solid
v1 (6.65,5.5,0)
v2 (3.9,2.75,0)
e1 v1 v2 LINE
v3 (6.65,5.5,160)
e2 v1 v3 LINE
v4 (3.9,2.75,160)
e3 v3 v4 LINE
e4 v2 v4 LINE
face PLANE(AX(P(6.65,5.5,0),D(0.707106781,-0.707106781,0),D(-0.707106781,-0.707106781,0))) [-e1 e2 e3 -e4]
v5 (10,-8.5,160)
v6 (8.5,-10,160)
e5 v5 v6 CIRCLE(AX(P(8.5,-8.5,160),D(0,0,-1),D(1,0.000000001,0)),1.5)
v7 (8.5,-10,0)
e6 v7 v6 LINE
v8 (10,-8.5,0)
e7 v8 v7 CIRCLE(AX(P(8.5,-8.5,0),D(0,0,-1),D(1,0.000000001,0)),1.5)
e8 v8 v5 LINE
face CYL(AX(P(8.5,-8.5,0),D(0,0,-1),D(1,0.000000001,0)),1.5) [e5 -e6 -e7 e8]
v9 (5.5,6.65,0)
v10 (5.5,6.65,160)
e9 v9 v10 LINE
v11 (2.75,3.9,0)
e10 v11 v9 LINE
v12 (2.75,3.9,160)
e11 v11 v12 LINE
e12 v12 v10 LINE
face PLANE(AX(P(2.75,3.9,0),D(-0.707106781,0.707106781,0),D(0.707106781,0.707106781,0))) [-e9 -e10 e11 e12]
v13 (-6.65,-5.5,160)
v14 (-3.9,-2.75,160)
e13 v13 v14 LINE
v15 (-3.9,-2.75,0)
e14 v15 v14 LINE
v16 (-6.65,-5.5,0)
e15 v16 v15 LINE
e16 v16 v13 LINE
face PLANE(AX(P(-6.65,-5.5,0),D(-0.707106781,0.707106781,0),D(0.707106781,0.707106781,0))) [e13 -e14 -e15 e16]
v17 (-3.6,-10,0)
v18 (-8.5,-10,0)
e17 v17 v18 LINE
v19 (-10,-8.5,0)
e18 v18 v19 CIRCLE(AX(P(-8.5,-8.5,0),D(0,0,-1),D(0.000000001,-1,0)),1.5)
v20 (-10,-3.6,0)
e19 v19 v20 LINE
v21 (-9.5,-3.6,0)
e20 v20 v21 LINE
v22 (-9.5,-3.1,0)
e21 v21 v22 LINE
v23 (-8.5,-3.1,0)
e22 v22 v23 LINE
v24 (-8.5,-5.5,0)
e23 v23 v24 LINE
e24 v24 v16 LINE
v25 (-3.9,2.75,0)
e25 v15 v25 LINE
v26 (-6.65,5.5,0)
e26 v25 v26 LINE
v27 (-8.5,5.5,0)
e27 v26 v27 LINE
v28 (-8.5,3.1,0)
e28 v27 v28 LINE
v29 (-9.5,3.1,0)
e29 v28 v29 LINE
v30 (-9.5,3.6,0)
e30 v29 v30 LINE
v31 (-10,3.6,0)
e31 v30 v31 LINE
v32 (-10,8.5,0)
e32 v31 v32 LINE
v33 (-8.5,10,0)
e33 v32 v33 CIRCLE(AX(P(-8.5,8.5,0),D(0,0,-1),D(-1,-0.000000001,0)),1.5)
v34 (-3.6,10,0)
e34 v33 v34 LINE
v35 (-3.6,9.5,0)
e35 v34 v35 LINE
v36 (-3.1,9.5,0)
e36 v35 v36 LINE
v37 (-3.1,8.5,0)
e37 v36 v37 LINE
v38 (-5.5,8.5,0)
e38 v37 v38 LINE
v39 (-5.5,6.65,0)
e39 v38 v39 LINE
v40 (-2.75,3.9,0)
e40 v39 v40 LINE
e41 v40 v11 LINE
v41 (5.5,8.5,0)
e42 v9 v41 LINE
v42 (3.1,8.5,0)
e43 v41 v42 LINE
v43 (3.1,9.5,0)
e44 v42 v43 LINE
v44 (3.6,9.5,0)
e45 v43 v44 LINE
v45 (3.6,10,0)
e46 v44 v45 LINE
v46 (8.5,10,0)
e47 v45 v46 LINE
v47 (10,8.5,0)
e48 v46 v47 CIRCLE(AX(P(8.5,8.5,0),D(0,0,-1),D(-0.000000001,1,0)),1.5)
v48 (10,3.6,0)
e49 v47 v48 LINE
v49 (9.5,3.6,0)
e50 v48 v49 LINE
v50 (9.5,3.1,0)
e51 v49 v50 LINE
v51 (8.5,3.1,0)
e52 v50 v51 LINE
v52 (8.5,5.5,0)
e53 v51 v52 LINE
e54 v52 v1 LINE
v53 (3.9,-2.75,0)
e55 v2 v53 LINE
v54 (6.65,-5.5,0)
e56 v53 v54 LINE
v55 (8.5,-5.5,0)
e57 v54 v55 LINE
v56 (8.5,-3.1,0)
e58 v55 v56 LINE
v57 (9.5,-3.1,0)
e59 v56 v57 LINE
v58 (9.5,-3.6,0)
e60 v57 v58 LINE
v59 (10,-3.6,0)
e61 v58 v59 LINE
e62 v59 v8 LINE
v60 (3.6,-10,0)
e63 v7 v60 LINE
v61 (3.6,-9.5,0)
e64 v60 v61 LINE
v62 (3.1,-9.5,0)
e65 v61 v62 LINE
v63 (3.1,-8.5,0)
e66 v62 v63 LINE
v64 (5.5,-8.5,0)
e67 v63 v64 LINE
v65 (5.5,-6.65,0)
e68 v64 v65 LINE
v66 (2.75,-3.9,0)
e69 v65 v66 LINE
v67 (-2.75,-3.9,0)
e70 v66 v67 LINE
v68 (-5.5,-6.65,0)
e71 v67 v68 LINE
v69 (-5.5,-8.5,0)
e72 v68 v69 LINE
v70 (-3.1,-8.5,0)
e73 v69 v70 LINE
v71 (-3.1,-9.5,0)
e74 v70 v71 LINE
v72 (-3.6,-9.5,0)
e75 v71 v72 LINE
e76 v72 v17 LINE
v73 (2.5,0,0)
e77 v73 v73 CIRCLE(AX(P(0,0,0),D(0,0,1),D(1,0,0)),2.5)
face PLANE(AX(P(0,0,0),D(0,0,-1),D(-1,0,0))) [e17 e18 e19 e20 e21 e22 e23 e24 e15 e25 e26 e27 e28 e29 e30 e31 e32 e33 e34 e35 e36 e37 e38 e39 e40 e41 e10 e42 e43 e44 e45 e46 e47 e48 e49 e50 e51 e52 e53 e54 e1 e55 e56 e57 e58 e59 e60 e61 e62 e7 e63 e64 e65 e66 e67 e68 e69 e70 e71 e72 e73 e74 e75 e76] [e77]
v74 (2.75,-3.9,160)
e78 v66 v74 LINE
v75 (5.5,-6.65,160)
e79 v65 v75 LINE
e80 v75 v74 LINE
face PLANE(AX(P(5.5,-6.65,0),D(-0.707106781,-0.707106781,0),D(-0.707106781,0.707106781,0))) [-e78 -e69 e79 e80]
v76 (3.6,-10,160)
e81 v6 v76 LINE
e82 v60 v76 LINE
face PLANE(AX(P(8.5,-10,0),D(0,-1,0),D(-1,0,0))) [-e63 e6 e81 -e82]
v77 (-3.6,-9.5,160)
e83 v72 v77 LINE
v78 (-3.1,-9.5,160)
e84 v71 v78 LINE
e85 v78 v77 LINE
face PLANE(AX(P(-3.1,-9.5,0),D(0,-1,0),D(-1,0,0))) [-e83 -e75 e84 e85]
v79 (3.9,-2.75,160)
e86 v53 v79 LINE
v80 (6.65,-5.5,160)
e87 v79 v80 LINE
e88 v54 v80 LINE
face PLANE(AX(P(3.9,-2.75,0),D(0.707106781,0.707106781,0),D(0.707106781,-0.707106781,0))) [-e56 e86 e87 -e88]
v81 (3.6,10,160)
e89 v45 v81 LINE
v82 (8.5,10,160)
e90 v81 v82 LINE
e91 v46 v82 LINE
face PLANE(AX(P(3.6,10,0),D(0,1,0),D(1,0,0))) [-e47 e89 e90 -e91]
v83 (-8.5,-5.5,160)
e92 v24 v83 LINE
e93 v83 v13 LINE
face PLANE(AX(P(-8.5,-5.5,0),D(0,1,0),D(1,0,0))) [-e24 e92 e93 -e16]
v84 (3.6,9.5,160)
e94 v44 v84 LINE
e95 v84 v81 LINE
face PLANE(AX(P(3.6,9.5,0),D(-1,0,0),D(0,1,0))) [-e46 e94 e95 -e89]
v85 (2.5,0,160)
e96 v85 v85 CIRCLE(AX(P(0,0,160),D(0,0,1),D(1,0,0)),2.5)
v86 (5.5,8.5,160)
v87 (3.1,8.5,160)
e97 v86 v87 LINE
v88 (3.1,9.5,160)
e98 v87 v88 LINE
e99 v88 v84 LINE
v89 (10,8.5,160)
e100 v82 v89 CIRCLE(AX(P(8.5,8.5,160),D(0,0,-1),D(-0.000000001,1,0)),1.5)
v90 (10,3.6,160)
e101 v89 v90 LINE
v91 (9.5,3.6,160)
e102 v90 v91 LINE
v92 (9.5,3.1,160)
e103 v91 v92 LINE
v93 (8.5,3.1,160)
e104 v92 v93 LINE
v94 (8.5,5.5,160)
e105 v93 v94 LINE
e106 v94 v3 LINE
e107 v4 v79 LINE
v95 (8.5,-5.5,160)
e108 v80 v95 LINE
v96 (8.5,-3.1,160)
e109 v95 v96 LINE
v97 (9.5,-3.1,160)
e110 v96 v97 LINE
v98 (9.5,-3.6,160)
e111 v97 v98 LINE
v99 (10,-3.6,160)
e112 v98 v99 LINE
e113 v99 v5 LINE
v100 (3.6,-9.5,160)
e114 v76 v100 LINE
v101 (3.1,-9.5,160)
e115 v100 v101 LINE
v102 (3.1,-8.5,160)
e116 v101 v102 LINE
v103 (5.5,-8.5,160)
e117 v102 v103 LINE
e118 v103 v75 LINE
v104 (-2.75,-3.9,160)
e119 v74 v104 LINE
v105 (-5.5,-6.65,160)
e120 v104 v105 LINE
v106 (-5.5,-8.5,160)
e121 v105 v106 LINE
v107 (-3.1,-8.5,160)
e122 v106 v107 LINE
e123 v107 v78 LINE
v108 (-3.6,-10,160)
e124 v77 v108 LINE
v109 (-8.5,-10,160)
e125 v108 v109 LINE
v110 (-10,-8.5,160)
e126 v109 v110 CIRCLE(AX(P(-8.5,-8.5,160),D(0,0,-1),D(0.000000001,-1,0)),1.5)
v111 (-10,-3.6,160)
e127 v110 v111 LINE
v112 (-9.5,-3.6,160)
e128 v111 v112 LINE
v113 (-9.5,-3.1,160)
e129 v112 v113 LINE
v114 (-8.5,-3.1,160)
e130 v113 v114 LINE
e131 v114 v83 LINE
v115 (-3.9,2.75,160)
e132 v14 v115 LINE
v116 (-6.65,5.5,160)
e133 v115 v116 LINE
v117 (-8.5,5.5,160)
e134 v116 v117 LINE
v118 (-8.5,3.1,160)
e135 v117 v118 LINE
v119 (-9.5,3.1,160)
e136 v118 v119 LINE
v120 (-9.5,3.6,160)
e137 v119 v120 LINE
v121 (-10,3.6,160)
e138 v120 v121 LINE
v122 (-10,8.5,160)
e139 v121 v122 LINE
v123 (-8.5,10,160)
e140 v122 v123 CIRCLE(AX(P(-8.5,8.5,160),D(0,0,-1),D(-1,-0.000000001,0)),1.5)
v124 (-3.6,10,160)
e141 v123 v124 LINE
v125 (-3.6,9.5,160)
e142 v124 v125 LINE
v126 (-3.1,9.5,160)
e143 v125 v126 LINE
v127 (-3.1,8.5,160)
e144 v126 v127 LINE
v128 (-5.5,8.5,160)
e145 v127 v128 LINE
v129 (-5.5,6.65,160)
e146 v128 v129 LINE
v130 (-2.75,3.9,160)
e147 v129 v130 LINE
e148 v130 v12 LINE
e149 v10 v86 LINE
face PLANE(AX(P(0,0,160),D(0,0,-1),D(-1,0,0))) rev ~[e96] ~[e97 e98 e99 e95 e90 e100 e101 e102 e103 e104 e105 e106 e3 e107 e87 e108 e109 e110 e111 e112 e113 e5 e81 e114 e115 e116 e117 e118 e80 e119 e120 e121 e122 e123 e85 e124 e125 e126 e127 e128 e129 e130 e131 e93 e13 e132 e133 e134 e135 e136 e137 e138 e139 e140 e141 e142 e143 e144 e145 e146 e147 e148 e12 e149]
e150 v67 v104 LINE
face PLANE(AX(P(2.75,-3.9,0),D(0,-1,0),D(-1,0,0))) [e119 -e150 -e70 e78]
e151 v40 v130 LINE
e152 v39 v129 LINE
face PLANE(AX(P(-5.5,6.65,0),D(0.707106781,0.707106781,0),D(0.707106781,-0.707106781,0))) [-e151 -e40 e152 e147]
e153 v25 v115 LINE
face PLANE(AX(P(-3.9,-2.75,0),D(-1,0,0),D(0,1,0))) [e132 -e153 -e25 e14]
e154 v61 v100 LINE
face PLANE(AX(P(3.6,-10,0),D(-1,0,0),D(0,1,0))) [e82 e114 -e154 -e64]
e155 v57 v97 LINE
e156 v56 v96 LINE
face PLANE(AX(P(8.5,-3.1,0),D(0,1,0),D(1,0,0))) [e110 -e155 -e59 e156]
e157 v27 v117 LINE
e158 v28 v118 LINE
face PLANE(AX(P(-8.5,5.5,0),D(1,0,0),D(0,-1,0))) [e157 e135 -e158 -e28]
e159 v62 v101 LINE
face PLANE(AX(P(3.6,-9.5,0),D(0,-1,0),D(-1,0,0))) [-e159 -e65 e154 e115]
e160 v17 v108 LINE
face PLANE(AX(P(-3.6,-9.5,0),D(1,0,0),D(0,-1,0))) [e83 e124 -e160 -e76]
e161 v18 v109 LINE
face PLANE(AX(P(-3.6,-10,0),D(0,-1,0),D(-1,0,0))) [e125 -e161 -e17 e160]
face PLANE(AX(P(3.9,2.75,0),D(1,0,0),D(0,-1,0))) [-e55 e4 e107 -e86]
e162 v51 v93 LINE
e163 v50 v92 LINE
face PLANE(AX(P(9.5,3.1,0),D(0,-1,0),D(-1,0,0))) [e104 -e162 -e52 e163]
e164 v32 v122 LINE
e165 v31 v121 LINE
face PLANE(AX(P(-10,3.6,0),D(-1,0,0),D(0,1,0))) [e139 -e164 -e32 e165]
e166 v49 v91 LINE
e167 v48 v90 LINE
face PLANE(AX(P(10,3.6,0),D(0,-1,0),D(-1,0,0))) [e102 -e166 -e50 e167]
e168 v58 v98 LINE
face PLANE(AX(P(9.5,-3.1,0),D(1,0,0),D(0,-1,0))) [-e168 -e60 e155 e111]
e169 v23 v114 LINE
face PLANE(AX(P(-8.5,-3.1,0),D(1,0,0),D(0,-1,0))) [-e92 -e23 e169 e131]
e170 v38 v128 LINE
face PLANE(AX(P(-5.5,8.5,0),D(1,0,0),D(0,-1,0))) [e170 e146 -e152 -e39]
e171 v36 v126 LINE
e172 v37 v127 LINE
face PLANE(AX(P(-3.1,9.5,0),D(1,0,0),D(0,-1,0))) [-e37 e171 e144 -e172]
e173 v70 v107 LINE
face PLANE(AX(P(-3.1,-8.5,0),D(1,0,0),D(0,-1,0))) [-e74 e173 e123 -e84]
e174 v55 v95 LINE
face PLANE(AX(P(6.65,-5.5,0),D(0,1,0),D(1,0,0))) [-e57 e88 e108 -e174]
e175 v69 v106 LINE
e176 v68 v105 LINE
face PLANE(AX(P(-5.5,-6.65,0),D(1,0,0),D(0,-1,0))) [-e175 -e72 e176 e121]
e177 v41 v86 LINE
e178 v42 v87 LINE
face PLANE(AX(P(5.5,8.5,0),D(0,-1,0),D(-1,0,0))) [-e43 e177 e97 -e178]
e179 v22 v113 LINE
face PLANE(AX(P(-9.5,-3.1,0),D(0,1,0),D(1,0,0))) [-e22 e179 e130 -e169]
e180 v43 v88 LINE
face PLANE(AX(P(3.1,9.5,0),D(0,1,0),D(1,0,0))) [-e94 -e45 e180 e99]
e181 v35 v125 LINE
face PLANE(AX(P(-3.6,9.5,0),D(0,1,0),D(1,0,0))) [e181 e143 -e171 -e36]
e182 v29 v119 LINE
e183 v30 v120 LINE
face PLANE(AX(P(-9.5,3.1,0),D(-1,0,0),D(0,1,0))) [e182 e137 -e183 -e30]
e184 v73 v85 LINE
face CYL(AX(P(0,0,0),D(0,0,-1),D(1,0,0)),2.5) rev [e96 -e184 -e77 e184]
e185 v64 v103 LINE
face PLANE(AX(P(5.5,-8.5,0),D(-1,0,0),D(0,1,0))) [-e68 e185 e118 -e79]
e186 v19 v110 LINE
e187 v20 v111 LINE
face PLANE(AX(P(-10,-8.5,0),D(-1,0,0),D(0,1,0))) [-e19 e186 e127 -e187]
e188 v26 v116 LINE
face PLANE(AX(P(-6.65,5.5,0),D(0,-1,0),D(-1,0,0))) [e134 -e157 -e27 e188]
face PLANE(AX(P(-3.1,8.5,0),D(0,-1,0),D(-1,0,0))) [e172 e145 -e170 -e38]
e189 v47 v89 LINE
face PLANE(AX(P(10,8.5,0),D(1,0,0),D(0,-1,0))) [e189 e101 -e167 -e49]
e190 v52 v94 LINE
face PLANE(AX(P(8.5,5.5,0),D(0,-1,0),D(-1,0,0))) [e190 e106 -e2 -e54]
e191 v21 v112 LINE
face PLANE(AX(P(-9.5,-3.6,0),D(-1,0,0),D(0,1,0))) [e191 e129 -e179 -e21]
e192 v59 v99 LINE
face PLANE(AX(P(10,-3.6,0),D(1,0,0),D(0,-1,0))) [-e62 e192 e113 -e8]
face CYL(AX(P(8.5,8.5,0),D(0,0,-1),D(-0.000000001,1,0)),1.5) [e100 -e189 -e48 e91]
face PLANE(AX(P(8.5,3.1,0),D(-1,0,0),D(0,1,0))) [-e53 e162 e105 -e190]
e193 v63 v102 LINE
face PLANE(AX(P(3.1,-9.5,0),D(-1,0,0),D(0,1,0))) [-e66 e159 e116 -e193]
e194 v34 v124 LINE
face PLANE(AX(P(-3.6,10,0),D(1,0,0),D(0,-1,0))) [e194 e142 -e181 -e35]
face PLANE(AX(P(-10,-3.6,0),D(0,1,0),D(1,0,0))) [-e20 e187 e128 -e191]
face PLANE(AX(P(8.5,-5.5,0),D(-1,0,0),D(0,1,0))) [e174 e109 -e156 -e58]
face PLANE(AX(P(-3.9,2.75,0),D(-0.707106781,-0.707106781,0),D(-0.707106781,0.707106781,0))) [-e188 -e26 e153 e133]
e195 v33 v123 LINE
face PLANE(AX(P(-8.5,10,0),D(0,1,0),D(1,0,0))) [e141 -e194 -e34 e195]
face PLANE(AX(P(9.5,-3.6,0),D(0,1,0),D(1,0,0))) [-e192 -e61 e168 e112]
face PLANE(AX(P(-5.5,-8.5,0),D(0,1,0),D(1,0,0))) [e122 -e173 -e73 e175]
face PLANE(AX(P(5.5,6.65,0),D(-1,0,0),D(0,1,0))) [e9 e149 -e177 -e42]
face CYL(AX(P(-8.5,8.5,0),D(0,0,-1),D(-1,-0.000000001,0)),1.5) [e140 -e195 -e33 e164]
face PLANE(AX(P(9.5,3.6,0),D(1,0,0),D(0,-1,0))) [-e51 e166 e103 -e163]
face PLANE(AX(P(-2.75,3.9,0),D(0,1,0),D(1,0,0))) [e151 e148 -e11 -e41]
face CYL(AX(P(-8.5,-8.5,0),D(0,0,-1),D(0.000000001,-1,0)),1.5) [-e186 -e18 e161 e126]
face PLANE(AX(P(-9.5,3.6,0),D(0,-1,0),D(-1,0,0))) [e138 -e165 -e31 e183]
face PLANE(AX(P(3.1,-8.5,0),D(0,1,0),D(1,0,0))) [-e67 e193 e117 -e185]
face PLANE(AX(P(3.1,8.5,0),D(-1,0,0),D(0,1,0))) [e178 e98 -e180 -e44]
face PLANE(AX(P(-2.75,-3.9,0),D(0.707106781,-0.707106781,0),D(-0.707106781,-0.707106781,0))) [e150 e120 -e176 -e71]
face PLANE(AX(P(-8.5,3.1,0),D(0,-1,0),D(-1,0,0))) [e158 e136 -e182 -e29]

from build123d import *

# Parameters (mm, degrees)
SKETCH_2_R      = 2.5
EXTRUDE_1_DEPTH = 160


with BuildPart() as part:
    # 草图2 → 凸台-拉伸1 (new body)
    with BuildSketch(Plane.XY):
        with BuildLine():
            Line((-3.6, 10), (-3.6, 9.5))
            Line((-3.6, 9.5), (-3.1, 9.5))
            Line((-3.1, 9.5), (-3.1, 8.5))
            Line((-3.1, 8.5), (-5.5, 8.5))
            Line((-5.5, 8.5), (-5.5, 6.65))
            Line((-5.5, 6.65), (-2.75, 3.9))
            Line((-2.75, 3.9), (2.75, 3.9))
            Line((2.75, 3.9), (5.5, 6.65))
            Line((5.5, 6.65), (5.5, 8.5))
            Line((5.5, 8.5), (3.1, 8.5))
            Line((3.1, 8.5), (3.1, 9.5))
            Line((3.1, 9.5), (3.6, 9.5))
            Line((3.6, 9.5), (3.6, 10))
            Line((3.6, 10), (8.5, 10))
            ThreePointArc((8.5, 10), (9.560660172, 9.560660172), (10, 8.5))
            Line((10, 8.5), (10, 3.6))
            Line((10, 3.6), (9.5, 3.6))
            Line((9.5, 3.6), (9.5, 3.1))
            Line((9.5, 3.1), (8.5, 3.1))
            Line((8.5, 3.1), (8.5, 5.5))
            Line((8.5, 5.5), (6.65, 5.5))
            Line((6.65, 5.5), (3.9, 2.75))
            Line((3.9, 2.75), (3.9, -2.75))
            Line((3.9, -2.75), (6.65, -5.5))
            Line((6.65, -5.5), (8.5, -5.5))
            Line((8.5, -5.5), (8.5, -3.1))
            Line((8.5, -3.1), (9.5, -3.1))
            Line((9.5, -3.1), (9.5, -3.6))
            Line((9.5, -3.6), (10, -3.6))
            Line((10, -3.6), (10, -8.5))
            ThreePointArc((10, -8.5), (9.560660172, -9.560660172), (8.5, -10))
            Line((8.5, -10), (3.6, -10))
            Line((3.6, -10), (3.6, -9.5))
            Line((3.6, -9.5), (3.1, -9.5))
            Line((3.1, -9.5), (3.1, -8.5))
            Line((3.1, -8.5), (5.5, -8.5))
            Line((5.5, -8.5), (5.5, -6.65))
            Line((5.5, -6.65), (2.75, -3.9))
            Line((2.75, -3.9), (-2.75, -3.9))
            Line((-2.75, -3.9), (-5.5, -6.65))
            Line((-5.5, -6.65), (-5.5, -8.5))
            Line((-5.5, -8.5), (-3.1, -8.5))
            Line((-3.1, -8.5), (-3.1, -9.5))
            Line((-3.1, -9.5), (-3.6, -9.5))
            Line((-3.6, -9.5), (-3.6, -10))
            Line((-3.6, -10), (-8.5, -10))
            ThreePointArc((-8.5, -10), (-9.560660172, -9.560660172), (-10, -8.5))
            Line((-10, -8.5), (-10, -3.6))
            Line((-10, -3.6), (-9.5, -3.6))
            Line((-9.5, -3.6), (-9.5, -3.1))
            Line((-9.5, -3.1), (-8.5, -3.1))
            Line((-8.5, -3.1), (-8.5, -5.5))
            Line((-8.5, -5.5), (-6.65, -5.5))
            Line((-6.65, -5.5), (-3.9, -2.75))
            Line((-3.9, -2.75), (-3.9, 2.75))
            Line((-3.9, 2.75), (-6.65, 5.5))
            Line((-6.65, 5.5), (-8.5, 5.5))
            Line((-8.5, 5.5), (-8.5, 3.1))
            Line((-8.5, 3.1), (-9.5, 3.1))
            Line((-9.5, 3.1), (-9.5, 3.6))
            Line((-9.5, 3.6), (-10, 3.6))
            Line((-10, 3.6), (-10, 8.5))
            ThreePointArc((-10, 8.5), (-9.560660172, 9.560660172), (-8.5, 10))
            Line((-8.5, 10), (-3.6, 10))
        make_face()
        Circle(SKETCH_2_R, mode=Mode.SUBTRACT)
    extrude(amount=EXTRUDE_1_DEPTH)


solid = part.part
